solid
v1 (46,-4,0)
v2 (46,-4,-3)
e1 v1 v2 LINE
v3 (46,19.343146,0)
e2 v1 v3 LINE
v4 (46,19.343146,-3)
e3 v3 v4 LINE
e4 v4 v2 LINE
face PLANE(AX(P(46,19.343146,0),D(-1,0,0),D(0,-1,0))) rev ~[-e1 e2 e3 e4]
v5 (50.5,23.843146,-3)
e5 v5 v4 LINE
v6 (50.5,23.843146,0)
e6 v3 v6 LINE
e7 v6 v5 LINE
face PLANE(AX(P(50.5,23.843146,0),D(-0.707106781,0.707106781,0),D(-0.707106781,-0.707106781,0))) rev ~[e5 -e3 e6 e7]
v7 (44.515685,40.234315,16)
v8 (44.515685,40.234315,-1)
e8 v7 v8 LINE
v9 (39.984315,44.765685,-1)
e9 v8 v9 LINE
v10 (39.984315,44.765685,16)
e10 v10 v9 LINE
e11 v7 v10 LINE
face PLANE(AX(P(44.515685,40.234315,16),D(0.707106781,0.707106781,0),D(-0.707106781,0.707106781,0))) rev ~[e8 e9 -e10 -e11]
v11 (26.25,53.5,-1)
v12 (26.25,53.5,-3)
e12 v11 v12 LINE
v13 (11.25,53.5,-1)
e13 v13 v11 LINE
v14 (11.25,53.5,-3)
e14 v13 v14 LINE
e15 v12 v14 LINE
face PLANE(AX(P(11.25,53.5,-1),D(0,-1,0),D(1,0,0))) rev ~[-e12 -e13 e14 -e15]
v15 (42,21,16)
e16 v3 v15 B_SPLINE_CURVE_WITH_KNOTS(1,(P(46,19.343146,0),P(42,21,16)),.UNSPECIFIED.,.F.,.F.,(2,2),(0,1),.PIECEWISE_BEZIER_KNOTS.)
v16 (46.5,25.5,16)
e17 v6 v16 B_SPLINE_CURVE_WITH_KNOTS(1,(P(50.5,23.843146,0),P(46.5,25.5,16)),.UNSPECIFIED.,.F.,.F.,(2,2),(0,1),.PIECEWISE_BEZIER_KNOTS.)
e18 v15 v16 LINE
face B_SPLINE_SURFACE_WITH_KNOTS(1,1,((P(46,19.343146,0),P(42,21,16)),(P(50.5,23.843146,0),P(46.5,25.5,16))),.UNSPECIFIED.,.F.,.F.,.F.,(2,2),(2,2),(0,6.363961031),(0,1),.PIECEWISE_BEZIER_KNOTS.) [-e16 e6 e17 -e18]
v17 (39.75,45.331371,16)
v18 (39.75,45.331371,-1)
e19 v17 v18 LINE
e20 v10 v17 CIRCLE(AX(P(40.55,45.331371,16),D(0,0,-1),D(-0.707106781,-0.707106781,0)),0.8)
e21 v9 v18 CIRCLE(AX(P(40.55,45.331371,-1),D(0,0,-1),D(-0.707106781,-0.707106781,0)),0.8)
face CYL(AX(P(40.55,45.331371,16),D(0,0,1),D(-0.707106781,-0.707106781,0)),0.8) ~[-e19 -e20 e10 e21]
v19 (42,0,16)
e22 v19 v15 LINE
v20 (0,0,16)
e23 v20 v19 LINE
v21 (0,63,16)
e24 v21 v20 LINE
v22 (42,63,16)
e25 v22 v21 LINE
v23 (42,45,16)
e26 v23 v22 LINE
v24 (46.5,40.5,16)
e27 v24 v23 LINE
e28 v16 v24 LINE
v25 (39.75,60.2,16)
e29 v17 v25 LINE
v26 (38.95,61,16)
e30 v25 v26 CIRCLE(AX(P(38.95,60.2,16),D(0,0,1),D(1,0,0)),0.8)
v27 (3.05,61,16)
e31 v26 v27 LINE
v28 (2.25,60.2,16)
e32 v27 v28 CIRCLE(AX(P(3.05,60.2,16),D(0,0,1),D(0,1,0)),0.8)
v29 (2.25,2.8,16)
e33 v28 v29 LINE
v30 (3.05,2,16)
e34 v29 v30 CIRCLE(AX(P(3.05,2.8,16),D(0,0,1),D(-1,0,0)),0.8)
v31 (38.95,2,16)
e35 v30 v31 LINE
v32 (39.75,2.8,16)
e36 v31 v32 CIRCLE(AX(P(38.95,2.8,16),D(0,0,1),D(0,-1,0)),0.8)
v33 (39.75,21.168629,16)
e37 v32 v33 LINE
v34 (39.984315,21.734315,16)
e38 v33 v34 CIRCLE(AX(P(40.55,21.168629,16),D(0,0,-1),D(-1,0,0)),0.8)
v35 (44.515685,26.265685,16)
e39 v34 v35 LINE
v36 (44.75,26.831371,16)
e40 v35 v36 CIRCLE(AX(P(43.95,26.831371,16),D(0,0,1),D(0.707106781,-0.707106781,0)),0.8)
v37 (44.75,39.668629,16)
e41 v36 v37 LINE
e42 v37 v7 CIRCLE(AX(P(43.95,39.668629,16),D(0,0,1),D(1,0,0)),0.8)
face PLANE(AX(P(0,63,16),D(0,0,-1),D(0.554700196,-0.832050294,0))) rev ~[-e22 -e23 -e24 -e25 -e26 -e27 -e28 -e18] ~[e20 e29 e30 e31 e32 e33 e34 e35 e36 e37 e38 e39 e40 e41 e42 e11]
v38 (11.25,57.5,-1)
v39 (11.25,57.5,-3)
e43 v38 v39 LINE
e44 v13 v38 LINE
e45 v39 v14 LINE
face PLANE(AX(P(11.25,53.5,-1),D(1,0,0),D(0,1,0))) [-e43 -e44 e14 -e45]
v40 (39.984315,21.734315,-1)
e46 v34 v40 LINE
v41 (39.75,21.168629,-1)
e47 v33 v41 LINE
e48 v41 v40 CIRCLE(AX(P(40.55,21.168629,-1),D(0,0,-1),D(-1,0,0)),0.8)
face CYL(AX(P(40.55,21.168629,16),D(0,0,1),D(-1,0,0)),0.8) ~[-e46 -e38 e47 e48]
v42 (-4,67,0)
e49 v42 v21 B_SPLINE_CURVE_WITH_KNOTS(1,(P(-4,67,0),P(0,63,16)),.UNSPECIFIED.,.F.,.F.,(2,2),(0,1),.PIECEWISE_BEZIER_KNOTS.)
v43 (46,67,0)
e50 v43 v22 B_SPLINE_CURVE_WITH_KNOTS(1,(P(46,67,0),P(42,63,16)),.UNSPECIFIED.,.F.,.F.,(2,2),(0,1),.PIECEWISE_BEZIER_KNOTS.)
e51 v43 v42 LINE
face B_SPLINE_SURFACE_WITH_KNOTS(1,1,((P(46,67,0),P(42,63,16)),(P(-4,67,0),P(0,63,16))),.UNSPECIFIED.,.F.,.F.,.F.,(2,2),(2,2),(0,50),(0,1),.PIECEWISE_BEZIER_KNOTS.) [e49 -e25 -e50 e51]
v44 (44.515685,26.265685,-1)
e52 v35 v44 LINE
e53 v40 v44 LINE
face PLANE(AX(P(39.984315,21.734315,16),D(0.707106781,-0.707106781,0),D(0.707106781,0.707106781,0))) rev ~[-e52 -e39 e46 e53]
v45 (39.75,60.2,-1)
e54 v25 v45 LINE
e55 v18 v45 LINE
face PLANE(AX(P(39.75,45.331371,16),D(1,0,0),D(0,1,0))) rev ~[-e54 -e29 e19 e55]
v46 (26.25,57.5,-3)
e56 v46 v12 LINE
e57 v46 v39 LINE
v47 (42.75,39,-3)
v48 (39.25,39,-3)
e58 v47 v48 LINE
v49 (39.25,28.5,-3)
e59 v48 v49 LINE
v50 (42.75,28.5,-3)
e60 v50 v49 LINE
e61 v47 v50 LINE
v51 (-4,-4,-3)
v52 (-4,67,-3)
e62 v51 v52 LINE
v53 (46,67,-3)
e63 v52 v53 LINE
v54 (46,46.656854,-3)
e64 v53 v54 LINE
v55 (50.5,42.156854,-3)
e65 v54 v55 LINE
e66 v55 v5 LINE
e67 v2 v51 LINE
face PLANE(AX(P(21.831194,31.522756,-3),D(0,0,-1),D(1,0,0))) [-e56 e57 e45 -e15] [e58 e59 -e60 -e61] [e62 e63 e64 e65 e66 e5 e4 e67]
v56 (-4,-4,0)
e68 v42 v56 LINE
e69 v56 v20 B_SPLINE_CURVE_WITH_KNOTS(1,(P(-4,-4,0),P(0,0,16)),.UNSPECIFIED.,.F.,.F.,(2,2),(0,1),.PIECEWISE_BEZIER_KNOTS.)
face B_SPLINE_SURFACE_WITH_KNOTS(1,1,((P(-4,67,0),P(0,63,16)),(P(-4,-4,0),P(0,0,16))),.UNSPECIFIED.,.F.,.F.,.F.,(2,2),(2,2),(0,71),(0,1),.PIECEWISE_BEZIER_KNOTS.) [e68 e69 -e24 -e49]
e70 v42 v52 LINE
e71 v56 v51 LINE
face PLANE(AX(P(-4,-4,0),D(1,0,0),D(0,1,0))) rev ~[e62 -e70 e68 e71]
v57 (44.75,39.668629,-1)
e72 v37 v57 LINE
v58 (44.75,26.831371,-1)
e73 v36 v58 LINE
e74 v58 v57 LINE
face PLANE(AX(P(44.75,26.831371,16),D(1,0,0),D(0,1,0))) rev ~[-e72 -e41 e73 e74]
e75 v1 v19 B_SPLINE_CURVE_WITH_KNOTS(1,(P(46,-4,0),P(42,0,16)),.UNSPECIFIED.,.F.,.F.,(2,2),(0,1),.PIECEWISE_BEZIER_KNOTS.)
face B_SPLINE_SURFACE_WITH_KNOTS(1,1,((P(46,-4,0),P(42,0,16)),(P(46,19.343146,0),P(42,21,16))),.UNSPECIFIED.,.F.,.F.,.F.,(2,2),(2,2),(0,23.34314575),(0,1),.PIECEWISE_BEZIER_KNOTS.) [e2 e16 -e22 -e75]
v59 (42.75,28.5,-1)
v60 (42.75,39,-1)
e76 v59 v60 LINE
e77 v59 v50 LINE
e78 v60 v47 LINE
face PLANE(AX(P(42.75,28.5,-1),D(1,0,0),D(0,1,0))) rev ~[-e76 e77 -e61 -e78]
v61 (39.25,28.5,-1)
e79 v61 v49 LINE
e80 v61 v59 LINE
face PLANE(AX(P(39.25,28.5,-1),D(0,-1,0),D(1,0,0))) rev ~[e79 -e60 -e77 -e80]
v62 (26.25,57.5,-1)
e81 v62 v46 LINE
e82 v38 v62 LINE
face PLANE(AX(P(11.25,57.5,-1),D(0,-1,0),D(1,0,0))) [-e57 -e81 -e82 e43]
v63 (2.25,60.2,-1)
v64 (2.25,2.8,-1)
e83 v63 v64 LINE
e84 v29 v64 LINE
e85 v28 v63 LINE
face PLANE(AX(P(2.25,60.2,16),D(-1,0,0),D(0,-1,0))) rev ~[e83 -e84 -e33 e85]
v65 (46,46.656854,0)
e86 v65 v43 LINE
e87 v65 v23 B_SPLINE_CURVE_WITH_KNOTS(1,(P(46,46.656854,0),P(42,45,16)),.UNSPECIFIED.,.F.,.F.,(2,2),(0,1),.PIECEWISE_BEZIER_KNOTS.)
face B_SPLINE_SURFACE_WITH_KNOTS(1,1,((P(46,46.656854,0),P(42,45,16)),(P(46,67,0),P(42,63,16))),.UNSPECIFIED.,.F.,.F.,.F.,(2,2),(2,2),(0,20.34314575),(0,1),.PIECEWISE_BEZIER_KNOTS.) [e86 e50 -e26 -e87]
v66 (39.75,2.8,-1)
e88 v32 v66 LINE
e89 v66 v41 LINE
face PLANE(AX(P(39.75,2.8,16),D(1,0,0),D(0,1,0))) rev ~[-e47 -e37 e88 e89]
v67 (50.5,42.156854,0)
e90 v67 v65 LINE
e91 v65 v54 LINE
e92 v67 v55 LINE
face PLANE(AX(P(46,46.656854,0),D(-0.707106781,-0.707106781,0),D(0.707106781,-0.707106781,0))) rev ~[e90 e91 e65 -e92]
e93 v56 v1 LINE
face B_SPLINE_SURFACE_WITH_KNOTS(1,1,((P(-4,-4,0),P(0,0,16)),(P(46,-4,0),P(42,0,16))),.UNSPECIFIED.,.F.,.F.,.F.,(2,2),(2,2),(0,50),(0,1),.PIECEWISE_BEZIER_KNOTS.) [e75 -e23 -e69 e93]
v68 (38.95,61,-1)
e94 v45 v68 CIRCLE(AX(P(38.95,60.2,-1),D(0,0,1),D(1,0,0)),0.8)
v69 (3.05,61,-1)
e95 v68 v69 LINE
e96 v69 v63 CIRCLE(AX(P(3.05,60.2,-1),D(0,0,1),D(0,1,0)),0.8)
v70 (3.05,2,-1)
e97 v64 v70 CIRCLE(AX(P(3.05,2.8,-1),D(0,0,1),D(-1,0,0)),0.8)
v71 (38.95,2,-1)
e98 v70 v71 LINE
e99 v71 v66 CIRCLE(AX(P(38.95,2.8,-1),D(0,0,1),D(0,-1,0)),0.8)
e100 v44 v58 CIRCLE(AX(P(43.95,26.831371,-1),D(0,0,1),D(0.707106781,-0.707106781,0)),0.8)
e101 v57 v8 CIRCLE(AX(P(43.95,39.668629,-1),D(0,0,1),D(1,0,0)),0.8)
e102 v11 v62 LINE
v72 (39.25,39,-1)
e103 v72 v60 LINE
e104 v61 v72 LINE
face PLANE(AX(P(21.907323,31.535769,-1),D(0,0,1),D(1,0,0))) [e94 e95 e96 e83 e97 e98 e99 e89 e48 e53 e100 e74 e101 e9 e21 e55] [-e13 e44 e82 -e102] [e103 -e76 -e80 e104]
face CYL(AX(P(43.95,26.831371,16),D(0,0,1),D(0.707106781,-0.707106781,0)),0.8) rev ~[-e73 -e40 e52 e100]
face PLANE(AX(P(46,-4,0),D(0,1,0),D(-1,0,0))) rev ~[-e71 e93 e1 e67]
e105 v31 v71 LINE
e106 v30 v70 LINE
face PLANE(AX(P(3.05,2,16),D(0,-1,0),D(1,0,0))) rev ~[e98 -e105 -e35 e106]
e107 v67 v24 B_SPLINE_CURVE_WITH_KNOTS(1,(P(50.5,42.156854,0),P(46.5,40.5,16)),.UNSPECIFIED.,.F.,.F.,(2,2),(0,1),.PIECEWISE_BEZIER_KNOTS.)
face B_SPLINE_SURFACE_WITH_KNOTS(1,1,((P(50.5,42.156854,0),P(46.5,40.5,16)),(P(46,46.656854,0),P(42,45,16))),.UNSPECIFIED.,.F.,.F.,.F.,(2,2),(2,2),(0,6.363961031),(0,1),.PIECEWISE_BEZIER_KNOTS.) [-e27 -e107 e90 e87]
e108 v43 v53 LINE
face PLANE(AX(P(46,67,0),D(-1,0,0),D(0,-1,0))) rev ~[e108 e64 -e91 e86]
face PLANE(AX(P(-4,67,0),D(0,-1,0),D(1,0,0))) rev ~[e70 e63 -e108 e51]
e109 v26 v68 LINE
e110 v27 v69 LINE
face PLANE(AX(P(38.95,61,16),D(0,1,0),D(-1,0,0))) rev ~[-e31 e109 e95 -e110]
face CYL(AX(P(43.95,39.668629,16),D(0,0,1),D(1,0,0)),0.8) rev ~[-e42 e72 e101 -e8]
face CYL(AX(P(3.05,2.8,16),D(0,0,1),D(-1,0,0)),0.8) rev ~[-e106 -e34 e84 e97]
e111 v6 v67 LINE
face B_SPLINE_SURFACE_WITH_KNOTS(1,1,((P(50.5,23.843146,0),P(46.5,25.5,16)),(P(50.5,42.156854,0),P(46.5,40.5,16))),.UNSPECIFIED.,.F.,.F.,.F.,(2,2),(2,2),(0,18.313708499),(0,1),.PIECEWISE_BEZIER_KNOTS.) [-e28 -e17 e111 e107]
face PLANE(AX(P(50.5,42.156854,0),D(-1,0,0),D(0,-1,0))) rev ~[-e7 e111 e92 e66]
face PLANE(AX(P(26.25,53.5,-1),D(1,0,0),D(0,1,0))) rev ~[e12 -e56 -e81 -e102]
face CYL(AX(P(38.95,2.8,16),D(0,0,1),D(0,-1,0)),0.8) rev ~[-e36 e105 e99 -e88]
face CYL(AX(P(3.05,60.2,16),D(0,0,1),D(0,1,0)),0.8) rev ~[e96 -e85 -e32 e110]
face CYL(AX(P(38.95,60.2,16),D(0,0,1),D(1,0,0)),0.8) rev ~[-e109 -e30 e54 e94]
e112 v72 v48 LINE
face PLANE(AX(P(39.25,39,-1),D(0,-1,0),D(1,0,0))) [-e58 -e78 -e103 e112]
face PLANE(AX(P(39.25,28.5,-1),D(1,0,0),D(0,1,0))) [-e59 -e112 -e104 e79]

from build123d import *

# Parameters (mm, degrees)
F5_DEPTH = 3
F7_DEPTH = 17
F8_W     = 15
F8_H     = 4
F8_W_2   = 3.5
F8_H_2   = 10.5
F9_DEPTH = 2.001


with BuildPart() as f3:
    # F0 (on Top) → F3 section 0
    with BuildSketch(Plane.XY):
        Polygon((-4, 67), (-4, -4), (46, -4), (46, 19.3431457505), (50.5, 23.8431457505), (50.5, 42.1568542495), (46, 46.6568542495), (46, 67), align=None)
    # F2 (on offset) → F3 section 1
    with BuildSketch(Plane.XY.offset(16)):
        Polygon((0, 63), (0, 0), (42, 0), (42, 21), (46.5, 25.5), (46.5, 40.5), (42, 45), (42, 63), align=None)
    loft()

    # F4 (on face) → F5 (join)
    with BuildSketch(Plane(origin=(0, 0, 0), x_dir=(1, 0, 0), z_dir=(0, 0, -1))):
        Polygon((46, 4), (-4, 4), (-4, -67), (46, -67), (46, -46.6568542495), (50.5, -42.1568542495), (50.5, -23.8431457505), (46, -19.3431457505), align=None)
    extrude(amount=F5_DEPTH)

    # F6 (on face) → F7 (cut)
    with BuildSketch(Plane.XY.offset(16)):
        with BuildLine():
            Line((38.95, 61), (3.05, 61))
            ThreePointArc((3.05, 61), (2.4843145751, 60.7656854249), (2.25, 60.2))
            Line((2.25, 60.2), (2.25, 2.8))
            ThreePointArc((2.25, 2.8), (2.4843145751, 2.2343145751), (3.05, 2))
            Line((3.05, 2), (38.95, 2))
            ThreePointArc((38.95, 2), (39.5156854249, 2.2343145751), (39.75, 2.8))
            Line((39.75, 2.8), (39.75, 21.1686291501))
            ThreePointArc((39.75, 21.1686291501), (39.810896374, 21.474775896), (39.9843145751, 21.7343145751))
            Line((39.9843145751, 21.7343145751), (44.5156854249, 26.2656854249))
            ThreePointArc((44.5156854249, 26.2656854249), (44.689103626, 26.525224104), (44.75, 26.8313708499))
            Line((44.75, 26.8313708499), (44.75, 39.6686291501))
            ThreePointArc((44.75, 39.6686291501), (44.689103626, 39.974775896), (44.5156854249, 40.2343145751))
            Line((44.5156854249, 40.2343145751), (39.9843145751, 44.7656854249))
            ThreePointArc((39.9843145751, 44.7656854249), (39.810896374, 45.025224104), (39.75, 45.3313708499))
            Line((39.75, 45.3313708499), (39.75, 60.2))
            ThreePointArc((39.75, 60.2), (39.5156854249, 60.7656854249), (38.95, 61))
        make_face()
    extrude(amount=-F7_DEPTH, mode=Mode.SUBTRACT)

    # F8 (on face) → F9 (cut, through all)
    with BuildSketch(Plane.XY.offset(-1)):
        with Locations((18.75, 55.5)):
            Rectangle(F8_W, F8_H)
        with Locations((41, 33.75)):
            Rectangle(F8_W_2, F8_H_2)
    extrude(amount=-F9_DEPTH, mode=Mode.SUBTRACT)


solid = f3.part
